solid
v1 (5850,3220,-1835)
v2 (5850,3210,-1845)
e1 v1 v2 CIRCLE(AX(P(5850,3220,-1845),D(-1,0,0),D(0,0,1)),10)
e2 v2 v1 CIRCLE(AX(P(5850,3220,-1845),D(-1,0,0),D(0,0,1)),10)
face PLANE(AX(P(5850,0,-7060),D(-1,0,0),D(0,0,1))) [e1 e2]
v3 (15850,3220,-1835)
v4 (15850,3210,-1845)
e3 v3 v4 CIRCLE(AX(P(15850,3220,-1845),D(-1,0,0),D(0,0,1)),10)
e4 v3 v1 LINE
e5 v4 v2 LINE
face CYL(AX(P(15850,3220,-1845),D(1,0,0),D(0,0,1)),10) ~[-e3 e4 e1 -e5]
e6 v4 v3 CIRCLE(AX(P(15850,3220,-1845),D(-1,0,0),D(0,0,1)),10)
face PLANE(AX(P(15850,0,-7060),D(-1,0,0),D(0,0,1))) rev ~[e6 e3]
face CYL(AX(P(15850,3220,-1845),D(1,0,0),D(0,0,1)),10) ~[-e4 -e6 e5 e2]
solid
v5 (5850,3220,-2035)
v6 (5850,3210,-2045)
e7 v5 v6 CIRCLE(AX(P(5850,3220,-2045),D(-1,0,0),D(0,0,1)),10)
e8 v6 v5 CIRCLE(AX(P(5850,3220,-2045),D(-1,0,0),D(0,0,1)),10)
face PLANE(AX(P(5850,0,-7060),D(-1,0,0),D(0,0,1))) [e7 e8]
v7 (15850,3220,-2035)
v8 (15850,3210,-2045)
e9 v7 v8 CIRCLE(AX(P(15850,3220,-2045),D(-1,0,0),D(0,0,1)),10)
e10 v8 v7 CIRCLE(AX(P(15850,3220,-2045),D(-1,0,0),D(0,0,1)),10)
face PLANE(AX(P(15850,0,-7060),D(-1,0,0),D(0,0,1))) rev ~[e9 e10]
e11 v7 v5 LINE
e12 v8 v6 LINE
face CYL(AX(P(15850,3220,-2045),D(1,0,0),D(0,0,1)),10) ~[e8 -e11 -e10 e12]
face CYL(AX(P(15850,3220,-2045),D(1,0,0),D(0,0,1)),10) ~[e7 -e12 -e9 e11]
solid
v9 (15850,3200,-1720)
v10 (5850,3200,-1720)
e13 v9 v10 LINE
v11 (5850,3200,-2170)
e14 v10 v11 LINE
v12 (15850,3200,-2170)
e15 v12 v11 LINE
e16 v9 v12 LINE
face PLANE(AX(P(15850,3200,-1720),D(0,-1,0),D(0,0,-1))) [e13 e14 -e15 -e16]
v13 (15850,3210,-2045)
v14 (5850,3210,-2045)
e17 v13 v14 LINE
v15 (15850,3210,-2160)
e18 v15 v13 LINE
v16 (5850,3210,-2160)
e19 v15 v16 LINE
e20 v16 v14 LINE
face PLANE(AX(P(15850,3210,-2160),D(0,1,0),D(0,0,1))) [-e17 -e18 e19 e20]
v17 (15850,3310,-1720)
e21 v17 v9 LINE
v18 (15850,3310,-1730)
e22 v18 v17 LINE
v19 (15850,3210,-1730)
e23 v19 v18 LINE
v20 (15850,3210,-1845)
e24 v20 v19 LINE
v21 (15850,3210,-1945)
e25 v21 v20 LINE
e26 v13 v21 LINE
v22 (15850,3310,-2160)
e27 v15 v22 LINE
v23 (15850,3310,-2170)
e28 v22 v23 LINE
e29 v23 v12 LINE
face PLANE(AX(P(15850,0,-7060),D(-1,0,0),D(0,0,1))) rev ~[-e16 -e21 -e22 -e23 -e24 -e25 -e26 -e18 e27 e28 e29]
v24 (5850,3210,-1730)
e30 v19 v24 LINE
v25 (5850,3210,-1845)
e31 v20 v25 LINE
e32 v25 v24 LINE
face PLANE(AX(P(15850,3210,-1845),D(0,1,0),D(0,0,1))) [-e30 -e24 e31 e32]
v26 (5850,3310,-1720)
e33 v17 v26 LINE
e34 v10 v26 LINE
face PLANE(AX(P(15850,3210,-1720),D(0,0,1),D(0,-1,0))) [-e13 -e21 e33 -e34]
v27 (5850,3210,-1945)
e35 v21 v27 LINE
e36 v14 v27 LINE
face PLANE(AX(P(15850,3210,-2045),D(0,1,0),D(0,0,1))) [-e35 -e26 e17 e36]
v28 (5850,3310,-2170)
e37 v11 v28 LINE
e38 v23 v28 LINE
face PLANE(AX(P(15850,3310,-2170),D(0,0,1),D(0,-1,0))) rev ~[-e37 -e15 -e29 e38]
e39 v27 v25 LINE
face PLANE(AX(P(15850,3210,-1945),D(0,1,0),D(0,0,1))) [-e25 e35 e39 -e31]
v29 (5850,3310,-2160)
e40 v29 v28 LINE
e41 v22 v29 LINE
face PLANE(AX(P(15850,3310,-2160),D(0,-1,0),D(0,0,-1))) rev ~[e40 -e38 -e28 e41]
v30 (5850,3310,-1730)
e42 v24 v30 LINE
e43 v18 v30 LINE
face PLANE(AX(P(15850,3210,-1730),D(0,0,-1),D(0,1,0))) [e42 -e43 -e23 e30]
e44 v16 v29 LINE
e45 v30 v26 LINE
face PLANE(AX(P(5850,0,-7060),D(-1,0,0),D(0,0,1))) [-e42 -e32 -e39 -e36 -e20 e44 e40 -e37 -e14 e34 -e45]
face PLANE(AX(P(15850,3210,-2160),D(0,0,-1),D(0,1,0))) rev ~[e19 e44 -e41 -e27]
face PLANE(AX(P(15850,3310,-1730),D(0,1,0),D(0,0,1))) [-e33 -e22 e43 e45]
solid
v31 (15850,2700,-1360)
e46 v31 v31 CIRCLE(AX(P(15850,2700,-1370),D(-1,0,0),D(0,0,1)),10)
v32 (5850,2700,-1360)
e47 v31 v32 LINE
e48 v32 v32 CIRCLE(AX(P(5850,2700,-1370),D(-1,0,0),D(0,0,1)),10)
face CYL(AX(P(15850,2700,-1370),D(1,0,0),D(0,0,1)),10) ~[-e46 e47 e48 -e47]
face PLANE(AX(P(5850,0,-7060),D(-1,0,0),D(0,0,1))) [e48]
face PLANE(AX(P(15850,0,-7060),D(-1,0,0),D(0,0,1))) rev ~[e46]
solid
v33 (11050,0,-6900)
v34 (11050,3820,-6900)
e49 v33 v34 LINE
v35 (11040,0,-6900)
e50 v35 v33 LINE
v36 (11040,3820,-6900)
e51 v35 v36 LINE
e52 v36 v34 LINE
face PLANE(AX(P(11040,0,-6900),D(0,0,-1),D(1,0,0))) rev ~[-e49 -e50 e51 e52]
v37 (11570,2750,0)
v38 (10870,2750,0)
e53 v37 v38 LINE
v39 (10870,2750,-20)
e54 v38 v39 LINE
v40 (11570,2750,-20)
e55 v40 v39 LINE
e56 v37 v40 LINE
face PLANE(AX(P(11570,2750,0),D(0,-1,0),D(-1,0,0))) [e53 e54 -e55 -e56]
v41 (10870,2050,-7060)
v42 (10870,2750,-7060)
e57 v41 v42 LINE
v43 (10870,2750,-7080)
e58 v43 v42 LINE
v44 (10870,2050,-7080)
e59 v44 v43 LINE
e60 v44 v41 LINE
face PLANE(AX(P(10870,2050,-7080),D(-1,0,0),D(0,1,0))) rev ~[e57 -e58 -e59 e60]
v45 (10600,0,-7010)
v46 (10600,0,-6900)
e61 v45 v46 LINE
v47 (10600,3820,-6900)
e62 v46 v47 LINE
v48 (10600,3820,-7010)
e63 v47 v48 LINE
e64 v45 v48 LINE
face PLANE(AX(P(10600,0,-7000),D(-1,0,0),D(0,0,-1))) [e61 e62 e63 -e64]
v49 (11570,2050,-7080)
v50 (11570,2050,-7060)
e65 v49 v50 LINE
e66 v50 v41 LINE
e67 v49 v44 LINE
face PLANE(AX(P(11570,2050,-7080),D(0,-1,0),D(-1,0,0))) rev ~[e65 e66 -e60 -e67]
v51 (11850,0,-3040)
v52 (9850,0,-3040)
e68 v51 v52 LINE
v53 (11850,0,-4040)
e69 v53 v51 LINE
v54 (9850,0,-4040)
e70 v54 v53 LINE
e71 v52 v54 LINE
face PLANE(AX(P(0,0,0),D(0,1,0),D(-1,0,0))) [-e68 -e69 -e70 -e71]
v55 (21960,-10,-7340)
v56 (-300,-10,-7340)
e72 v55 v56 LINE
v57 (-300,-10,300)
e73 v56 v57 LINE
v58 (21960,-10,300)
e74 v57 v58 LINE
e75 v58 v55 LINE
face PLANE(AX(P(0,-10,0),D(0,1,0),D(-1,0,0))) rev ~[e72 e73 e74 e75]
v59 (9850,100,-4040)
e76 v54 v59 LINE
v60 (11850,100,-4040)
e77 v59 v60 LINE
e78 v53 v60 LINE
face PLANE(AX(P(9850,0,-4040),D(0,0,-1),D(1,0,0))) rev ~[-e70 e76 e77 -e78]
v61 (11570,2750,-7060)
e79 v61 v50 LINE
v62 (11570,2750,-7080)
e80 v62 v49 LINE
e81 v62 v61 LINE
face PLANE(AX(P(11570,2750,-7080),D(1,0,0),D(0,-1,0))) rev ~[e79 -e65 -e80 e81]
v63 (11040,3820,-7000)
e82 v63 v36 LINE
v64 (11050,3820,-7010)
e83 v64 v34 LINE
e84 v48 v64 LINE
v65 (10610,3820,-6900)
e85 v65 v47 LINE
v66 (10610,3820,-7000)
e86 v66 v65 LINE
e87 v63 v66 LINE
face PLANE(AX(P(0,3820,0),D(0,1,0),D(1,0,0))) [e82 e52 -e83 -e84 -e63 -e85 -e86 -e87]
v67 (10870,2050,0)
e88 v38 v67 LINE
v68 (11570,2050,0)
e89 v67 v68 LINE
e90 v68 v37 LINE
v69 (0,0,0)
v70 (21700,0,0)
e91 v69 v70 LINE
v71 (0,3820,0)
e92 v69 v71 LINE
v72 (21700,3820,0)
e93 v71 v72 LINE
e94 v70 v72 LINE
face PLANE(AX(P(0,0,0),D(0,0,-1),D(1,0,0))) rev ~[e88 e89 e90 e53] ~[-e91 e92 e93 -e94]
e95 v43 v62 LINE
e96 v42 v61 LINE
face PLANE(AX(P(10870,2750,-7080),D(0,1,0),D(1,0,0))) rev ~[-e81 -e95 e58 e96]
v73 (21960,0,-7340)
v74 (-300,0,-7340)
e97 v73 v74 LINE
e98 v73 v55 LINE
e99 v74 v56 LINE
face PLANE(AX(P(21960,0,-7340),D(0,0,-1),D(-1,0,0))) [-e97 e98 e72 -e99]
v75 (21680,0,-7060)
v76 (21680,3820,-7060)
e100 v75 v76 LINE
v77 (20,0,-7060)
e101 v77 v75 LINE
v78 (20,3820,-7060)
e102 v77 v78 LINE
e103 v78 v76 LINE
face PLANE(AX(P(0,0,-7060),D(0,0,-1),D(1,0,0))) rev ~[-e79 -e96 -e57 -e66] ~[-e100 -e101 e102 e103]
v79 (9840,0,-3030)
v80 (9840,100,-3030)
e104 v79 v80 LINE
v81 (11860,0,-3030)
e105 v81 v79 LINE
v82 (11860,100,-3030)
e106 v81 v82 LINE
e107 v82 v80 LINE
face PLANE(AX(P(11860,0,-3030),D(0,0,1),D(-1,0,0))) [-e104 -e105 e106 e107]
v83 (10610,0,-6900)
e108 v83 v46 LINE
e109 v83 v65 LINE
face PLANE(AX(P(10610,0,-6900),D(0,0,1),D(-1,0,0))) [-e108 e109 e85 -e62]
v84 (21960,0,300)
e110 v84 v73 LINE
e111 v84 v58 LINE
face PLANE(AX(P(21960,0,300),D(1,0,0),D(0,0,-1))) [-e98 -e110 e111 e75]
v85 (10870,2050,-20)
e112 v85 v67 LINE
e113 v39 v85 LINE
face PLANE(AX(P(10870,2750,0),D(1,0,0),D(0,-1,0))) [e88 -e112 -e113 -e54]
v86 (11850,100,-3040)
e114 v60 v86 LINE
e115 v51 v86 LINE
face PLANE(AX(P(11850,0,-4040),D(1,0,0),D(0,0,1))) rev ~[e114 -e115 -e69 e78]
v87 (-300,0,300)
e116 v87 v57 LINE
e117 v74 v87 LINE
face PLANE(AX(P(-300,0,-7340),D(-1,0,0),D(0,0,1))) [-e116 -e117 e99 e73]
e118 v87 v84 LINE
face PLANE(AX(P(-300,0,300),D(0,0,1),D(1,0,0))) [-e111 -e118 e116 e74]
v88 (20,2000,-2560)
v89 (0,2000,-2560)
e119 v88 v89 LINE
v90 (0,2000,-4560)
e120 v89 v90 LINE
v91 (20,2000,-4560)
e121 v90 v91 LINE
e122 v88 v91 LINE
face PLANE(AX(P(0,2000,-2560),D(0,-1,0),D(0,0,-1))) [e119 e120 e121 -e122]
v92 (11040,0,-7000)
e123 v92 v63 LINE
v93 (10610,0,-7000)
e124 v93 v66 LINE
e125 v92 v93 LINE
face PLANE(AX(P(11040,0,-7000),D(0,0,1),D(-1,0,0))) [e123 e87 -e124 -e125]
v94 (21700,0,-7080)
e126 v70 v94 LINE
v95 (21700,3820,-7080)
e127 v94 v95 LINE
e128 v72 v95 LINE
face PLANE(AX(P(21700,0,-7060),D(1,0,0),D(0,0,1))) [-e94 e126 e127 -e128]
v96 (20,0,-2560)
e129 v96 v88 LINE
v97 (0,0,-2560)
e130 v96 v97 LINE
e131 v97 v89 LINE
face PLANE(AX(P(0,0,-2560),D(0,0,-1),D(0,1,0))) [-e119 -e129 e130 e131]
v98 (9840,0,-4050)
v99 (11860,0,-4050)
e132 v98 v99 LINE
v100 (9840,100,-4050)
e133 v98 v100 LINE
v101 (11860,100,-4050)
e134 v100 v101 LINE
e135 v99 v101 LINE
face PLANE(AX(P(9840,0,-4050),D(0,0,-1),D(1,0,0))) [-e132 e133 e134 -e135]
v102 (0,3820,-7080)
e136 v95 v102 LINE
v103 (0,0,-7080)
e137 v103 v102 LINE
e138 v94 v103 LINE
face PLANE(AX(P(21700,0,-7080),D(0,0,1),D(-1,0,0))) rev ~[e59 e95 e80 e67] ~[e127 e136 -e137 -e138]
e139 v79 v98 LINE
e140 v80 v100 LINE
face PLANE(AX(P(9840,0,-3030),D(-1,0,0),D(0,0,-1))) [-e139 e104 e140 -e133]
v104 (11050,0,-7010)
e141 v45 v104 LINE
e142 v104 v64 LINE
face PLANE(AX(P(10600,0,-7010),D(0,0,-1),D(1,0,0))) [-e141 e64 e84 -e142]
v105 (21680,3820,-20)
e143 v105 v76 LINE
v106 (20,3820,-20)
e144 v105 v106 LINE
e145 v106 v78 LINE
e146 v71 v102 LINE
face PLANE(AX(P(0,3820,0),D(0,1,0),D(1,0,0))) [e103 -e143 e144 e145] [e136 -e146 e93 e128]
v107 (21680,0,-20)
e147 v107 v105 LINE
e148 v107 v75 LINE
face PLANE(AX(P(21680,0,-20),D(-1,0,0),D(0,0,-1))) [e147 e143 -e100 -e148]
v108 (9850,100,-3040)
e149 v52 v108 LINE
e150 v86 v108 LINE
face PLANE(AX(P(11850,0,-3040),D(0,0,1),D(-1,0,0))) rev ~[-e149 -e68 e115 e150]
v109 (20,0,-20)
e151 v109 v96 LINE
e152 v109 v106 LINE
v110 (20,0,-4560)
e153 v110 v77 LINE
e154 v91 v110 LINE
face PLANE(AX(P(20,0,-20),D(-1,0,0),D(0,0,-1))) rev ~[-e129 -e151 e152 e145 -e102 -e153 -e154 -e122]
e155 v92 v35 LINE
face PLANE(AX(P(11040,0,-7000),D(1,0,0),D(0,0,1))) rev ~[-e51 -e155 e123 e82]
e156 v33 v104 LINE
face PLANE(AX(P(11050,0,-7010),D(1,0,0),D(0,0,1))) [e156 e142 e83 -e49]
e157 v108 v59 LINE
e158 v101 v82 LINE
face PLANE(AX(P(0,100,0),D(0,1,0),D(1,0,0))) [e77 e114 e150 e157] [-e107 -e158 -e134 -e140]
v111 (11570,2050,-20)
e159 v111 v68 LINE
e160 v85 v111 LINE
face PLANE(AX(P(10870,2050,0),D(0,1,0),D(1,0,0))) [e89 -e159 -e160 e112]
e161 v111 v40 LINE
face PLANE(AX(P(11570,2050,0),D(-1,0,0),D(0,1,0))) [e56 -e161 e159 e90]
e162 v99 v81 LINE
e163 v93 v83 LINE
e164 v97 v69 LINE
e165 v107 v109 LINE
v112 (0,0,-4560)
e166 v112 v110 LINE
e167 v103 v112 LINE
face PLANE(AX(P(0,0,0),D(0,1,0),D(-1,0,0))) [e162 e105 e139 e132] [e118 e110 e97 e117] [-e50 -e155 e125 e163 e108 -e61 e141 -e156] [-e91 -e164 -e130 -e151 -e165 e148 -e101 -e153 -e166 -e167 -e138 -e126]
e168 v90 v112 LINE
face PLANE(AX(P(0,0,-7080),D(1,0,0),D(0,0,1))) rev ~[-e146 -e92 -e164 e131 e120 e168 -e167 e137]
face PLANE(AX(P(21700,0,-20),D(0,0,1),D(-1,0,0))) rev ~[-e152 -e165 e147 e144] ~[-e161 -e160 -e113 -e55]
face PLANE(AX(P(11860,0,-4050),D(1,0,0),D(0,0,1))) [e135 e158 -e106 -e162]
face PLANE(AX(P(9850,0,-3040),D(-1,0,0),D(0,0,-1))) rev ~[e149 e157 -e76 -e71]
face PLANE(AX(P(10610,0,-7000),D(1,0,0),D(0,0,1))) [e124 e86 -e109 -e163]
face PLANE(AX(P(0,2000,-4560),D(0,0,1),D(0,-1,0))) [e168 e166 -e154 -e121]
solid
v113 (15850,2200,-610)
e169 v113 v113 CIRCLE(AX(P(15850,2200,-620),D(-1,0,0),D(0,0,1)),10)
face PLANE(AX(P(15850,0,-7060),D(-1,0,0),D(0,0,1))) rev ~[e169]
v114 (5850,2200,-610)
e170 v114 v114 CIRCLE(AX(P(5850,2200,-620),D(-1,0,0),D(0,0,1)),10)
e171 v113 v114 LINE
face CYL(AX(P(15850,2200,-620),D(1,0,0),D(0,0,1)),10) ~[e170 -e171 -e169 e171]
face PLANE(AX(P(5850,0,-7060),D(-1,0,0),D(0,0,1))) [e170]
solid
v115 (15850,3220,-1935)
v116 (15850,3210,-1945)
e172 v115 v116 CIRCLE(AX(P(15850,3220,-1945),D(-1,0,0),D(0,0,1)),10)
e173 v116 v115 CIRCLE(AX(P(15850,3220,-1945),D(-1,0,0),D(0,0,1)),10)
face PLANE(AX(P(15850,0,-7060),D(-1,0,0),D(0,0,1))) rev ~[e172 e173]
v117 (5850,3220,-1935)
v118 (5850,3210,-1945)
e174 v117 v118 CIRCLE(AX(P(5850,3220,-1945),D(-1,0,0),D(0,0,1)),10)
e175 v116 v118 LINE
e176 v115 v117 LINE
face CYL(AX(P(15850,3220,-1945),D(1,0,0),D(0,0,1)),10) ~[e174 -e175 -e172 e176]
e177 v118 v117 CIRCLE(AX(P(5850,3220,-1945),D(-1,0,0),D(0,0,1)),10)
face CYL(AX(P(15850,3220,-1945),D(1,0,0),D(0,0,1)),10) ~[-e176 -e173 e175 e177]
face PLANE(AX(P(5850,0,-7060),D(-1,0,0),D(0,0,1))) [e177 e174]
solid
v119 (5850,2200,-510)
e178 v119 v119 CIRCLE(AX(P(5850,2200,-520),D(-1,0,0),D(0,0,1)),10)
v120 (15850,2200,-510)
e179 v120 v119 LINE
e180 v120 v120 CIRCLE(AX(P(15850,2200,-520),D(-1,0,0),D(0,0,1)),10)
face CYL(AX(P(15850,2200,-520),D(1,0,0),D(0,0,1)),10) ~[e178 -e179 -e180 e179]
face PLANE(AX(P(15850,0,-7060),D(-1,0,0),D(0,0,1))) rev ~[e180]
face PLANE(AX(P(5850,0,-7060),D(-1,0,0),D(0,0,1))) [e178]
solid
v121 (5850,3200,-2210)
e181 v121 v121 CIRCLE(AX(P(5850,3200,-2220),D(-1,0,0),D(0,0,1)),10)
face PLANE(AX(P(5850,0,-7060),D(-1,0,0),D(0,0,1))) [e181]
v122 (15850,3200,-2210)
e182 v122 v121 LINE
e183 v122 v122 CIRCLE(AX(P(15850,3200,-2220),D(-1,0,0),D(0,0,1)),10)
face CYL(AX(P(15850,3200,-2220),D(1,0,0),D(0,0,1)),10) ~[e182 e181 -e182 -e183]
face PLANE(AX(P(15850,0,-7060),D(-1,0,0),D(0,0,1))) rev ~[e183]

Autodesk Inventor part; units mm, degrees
ref_plane "YZ Plane" through (0, 0, 0) normal (1, 0, 0) x (0, 1, 0)
ref_plane "XZ Plane" through (0, 0, 0) normal (0, 1, 0) x (-1, 0, 0)
sketch "Sketch1" plane through (0, 0, 0) normal (0, 1, 0) x (-1, 0, 0)
  line L0 (300, 300) -> (-21960, 300)
  line L1 (-21960, 300) -> (-21960, -7340)
  line L2 (-21960, -7340) -> (300, -7340)
  line L3 (300, -7340) -> (300, 300)
  point P0 (0, 0)
  dimension "d0" = 300
  dimension "d1" = 22260
  dimension "d2" = 300
  dimension "d3" = 7640
extrude "Extrusion2" add sketch "Sketch1" against normal blind 10
sketch "Sketch4" plane through (0, 0, 0) normal (0, 1, 0) x (1, 0, 0)
  line L0 (0, 0) -> (21700, 0)
  line L1 (21700, 0) -> (21700, 20)
  line L2 (21700, 20) -> (0, 20)
  line L3 (0, 20) -> (0, 0)
  dimension "d28" = 20
  dimension "d30" = 21700
extrude "Extrusion4" add sketch "Sketch4" along normal blind 3820
sketch "Sketch5" plane through (0, 0, 0) normal (0, 1, 0) x (1, 0, 0)
  line L0 (0, 20) -> (21700, 20) projected
  line L1 (0, 20) -> (20, 20)
  line L2 (20, 20) -> (20, 7060)
  line L3 (20, 7060) -> (0, 7060)
  line L4 (0, 7060) -> (0, 20)
  dimension "d33" = 20
  dimension "d35" = 7040
extrude "Extrusion5" add sketch "Sketch5" along normal blind 3820
sketch "Sketch6" plane through (0, 0, 0) normal (0, 1, 0) x (1, 0, 0)
  line L0 (0, 7060) -> (21700, 7060)
  line L1 (21700, 7060) -> (21700, 7080)
  line L2 (21700, 7080) -> (0, 7080)
  line L3 (0, 7080) -> (0, 7060)
  dimension "d38" = 20
  dimension "d40" = 21700
extrude "Extrusion6" add sketch "Sketch6" along normal blind 3820
sketch "Sketch7" plane through (0, 0, 0) normal (0, 1, 0) x (1, 0, 0)
  line L0 (0, 20) -> (21700, 20) projected
  line L1 (21700, 20) -> (21680, 20)
  line L2 (21680, 20) -> (21680, 7060)
  line L3 (21680, 7060) -> (21700, 7060)
  line L4 (21700, 7060) -> (21700, 20)
  point P0 (20, 20)
  dimension "d43" = 20
  dimension "d45" = 7040
extrude "Extrusion7" add sketch "Sketch7" along normal blind 3820
sketch "Sketch10" plane through (20, 0, -20) normal (1, 0, 0) x (0, 0, -1)
  line L0 (7040, 0) -> (0, 0) projected
  line L1 (7040, 0) -> (7040, 3820) projected
  line L2 (0, 3820) -> (7040, 3820) projected
  line L3 (0, 0) -> (0, 3820) projected
  point P0 (-20, 0)
sketch "Sketch11" plane through (0, 0, 0) normal (-1, 0, 0) x (0, 0, 1)
  line L0 (0, 0) -> (-7080, 0) projected
  line L1 (-7080, 0) -> (-7080, 3820) projected
  line L2 (-4560, 0) -> (-2560, 0)
  line L3 (-2560, 0) -> (-2560, 2000)
  line L4 (-2560, 2000) -> (-4560, 2000)
  line L5 (-4560, 2000) -> (-4560, 0)
  dimension "d73" = 2000
  dimension "d75" = 2000
  dimension "d76" = 2520
extrude "Extrusion10" cut sketch "Sketch11" along normal mid plane 40
sketch "Sketch12" plane through (0, 0, 0) normal (0, 0, 1) x (1, 0, 0)
  line L0 (21700, 0) -> (0, 0) projected
  line L1 (0, 0) -> (0, 3820) projected
  line L2 (10870, 2050) -> (11570, 2050)
  line L3 (11570, 2050) -> (11570, 2750)
  line L4 (11570, 2750) -> (10870, 2750)
  line L5 (10870, 2750) -> (10870, 2050)
  line L6 (10870, 2050) -> (11570, 2750) construction
  line L7 (11570, 2050) -> (10870, 2750) construction
  point P0 (11220, 2400)
  dimension "d79" = 2400
  dimension "d80" = 700
  dimension "d81" = 700
  dimension "d82" = 11220
extrude "Extrusion11" cut sketch "Sketch12" along normal mid plane 40
sketch "Sketch13" plane through (21700, 0, -7080) normal (0, 0, -1) x (-1, 0, 0)
  line L0 (21700, 0) -> (0, 0) projected
  line L1 (21700, 0) -> (21700, 3820) projected
  line L2 (10130, 2050) -> (10830, 2050)
  line L3 (10830, 2050) -> (10830, 2750)
  line L4 (10830, 2750) -> (10130, 2750)
  line L5 (10130, 2750) -> (10130, 2050)
  line L6 (10130, 2050) -> (10830, 2750) construction
  line L7 (10830, 2050) -> (10130, 2750) construction
  point P0 (10480, 2400)
  dimension "d85" = 11220
  dimension "d86" = 2400
  dimension "d87" = 700
  dimension "d88" = 700
extrude "Extrusion12" cut sketch "Sketch13" against normal blind 40
sketch "Sketch14" plane through (0, 0, 0) normal (0, 1, 0) x (1, 0, 0)
  line L0 (21680, 7060) -> (20, 7060) projected
  line L1 (20, 7060) -> (20, 4560) projected
  line L2 (11850, 3040) -> (9850, 3040)
  line L3 (9850, 3040) -> (9850, 4040)
  line L4 (9850, 4040) -> (11850, 4040)
  line L5 (11850, 4040) -> (11850, 3040)
  line L6 (11850, 3040) -> (9850, 4040) construction
  line L7 (9850, 3040) -> (11850, 4040) construction
  line L8 (9840, 4050) -> (11860, 4050)
  line L9 (11860, 4050) -> (11860, 3030)
  line L10 (11860, 3030) -> (9840, 3030)
  line L11 (9840, 3030) -> (9840, 4050)
  point P0 (10850, 3540)
  point P1 (0, 7060)
  dimension "d91" = 10830
  dimension "d92" = 3520
  dimension "d93" = 2000
  dimension "d94" = 1000
  dimension "d95" = 10
  dimension "d96" = 10
  dimension "d97" = 10
  dimension "d98" = 10
extrude "Extrusion13" add sketch "Sketch14" along normal blind 100
ref_plane "Work Plane1" through (15850, 0, -7060) normal (-1, 0, 0) x (0, 0, 1)
sketch "Sketch16" plane through (15850, 0, -7060) normal (-1, 0, 0) x (0, 0, 1)
  circle A0 centre (4840, 3200) radius 10
  line L0 (-280, 0) -> (7360, 0) projected
  line L1 (7040, 0) -> (7040, 3820) projected
  line L2 (4890, 3210) -> (5340, 3210)
  line L3 (5340, 3210) -> (5340, 3200)
  line L4 (5340, 3200) -> (4890, 3200)
  line L5 (4890, 3200) -> (4890, 3210)
  line L6 (4890, 3210) -> (4900, 3210)
  line L7 (4900, 3210) -> (4900, 3310)
  line L8 (4900, 3310) -> (4890, 3310)
  line L9 (4890, 3310) -> (4890, 3210)
  line L10 (5340, 3210) -> (5330, 3210)
  line L11 (5330, 3210) -> (5330, 3310)
  line L12 (5330, 3310) -> (5340, 3310)
  line L13 (5340, 3310) -> (5340, 3210)
  circle A1 centre (5015, 3220) radius 10
  circle A2 centre (5115, 3220) radius 10
  circle A3 centre (5215, 3220) radius 10
  circle A4 centre (5690, 2700) radius 10
  circle A5 centre (6440, 2200) radius 10
  circle A6 centre (6540, 2200) radius 10
  point P0 (7060, 0)
  dimension "d102" = 3200
  dimension "d103" = 2200
  dimension "d104" = 20
  dimension "d105" = 10
  dimension "d106" = 50
  dimension "d107" = 0
  dimension "d108" = 450
  dimension "d109" = 10
  dimension "d110" = 100
  dimension "d111" = 10
  dimension "d112" = 100
  dimension "d113" = 20
  dimension "d114" = 20
  dimension "d115" = 20
  dimension "d116" = 10
  dimension "d117" = 10
  dimension "d118" = 10
  dimension "d119" = 225
  dimension "d120" = 100
  dimension "d121" = 100
  dimension "d122" = 2700
  dimension "d123" = 1350
  dimension "d124" = 20
  dimension "d125" = 2200
  dimension "d126" = 2200
  dimension "d127" = 600
  dimension "d128" = 500
  dimension "d129" = 20
  dimension "d130" = 20
extrude "Extrusion14" add sketch "Sketch16" along normal blind 10000
sketch "Sketch17" plane through (0, 0, 0) normal (0, 1, 0) x (1, 0, 0)
  line L0 (21680, 7060) -> (20, 7060) projected
  line L1 (20, 7060) -> (20, 4560) projected
  line L2 (10600, 7010) -> (11050, 7010)
  line L3 (11050, 7010) -> (11050, 7000)
  line L4 (11050, 7000) -> (10600, 7000)
  line L5 (10600, 7000) -> (10600, 7010)
  line L6 (10600, 7000) -> (10610, 7000)
  line L7 (10610, 7000) -> (10610, 6900)
  line L8 (10610, 6900) -> (10600, 6900)
  line L9 (10600, 6900) -> (10600, 7000)
  line L10 (11050, 7000) -> (11040, 7000)
  line L11 (11040, 7000) -> (11040, 6900)
  line L12 (11040, 6900) -> (11050, 6900)
  line L13 (11050, 6900) -> (11050, 7000)
  dimension "d133" = 450
  dimension "d135" = 10
  dimension "d136" = 10
  dimension "d137" = 10
  dimension "d139" = 100
  dimension "d140" = 100
  dimension "d141" = 50
  dimension "d142" = 10580
extrude "Extrusion15" add sketch "Sketch17" along normal blind 3820
properties part number "NIST_NRC_Drawing"
